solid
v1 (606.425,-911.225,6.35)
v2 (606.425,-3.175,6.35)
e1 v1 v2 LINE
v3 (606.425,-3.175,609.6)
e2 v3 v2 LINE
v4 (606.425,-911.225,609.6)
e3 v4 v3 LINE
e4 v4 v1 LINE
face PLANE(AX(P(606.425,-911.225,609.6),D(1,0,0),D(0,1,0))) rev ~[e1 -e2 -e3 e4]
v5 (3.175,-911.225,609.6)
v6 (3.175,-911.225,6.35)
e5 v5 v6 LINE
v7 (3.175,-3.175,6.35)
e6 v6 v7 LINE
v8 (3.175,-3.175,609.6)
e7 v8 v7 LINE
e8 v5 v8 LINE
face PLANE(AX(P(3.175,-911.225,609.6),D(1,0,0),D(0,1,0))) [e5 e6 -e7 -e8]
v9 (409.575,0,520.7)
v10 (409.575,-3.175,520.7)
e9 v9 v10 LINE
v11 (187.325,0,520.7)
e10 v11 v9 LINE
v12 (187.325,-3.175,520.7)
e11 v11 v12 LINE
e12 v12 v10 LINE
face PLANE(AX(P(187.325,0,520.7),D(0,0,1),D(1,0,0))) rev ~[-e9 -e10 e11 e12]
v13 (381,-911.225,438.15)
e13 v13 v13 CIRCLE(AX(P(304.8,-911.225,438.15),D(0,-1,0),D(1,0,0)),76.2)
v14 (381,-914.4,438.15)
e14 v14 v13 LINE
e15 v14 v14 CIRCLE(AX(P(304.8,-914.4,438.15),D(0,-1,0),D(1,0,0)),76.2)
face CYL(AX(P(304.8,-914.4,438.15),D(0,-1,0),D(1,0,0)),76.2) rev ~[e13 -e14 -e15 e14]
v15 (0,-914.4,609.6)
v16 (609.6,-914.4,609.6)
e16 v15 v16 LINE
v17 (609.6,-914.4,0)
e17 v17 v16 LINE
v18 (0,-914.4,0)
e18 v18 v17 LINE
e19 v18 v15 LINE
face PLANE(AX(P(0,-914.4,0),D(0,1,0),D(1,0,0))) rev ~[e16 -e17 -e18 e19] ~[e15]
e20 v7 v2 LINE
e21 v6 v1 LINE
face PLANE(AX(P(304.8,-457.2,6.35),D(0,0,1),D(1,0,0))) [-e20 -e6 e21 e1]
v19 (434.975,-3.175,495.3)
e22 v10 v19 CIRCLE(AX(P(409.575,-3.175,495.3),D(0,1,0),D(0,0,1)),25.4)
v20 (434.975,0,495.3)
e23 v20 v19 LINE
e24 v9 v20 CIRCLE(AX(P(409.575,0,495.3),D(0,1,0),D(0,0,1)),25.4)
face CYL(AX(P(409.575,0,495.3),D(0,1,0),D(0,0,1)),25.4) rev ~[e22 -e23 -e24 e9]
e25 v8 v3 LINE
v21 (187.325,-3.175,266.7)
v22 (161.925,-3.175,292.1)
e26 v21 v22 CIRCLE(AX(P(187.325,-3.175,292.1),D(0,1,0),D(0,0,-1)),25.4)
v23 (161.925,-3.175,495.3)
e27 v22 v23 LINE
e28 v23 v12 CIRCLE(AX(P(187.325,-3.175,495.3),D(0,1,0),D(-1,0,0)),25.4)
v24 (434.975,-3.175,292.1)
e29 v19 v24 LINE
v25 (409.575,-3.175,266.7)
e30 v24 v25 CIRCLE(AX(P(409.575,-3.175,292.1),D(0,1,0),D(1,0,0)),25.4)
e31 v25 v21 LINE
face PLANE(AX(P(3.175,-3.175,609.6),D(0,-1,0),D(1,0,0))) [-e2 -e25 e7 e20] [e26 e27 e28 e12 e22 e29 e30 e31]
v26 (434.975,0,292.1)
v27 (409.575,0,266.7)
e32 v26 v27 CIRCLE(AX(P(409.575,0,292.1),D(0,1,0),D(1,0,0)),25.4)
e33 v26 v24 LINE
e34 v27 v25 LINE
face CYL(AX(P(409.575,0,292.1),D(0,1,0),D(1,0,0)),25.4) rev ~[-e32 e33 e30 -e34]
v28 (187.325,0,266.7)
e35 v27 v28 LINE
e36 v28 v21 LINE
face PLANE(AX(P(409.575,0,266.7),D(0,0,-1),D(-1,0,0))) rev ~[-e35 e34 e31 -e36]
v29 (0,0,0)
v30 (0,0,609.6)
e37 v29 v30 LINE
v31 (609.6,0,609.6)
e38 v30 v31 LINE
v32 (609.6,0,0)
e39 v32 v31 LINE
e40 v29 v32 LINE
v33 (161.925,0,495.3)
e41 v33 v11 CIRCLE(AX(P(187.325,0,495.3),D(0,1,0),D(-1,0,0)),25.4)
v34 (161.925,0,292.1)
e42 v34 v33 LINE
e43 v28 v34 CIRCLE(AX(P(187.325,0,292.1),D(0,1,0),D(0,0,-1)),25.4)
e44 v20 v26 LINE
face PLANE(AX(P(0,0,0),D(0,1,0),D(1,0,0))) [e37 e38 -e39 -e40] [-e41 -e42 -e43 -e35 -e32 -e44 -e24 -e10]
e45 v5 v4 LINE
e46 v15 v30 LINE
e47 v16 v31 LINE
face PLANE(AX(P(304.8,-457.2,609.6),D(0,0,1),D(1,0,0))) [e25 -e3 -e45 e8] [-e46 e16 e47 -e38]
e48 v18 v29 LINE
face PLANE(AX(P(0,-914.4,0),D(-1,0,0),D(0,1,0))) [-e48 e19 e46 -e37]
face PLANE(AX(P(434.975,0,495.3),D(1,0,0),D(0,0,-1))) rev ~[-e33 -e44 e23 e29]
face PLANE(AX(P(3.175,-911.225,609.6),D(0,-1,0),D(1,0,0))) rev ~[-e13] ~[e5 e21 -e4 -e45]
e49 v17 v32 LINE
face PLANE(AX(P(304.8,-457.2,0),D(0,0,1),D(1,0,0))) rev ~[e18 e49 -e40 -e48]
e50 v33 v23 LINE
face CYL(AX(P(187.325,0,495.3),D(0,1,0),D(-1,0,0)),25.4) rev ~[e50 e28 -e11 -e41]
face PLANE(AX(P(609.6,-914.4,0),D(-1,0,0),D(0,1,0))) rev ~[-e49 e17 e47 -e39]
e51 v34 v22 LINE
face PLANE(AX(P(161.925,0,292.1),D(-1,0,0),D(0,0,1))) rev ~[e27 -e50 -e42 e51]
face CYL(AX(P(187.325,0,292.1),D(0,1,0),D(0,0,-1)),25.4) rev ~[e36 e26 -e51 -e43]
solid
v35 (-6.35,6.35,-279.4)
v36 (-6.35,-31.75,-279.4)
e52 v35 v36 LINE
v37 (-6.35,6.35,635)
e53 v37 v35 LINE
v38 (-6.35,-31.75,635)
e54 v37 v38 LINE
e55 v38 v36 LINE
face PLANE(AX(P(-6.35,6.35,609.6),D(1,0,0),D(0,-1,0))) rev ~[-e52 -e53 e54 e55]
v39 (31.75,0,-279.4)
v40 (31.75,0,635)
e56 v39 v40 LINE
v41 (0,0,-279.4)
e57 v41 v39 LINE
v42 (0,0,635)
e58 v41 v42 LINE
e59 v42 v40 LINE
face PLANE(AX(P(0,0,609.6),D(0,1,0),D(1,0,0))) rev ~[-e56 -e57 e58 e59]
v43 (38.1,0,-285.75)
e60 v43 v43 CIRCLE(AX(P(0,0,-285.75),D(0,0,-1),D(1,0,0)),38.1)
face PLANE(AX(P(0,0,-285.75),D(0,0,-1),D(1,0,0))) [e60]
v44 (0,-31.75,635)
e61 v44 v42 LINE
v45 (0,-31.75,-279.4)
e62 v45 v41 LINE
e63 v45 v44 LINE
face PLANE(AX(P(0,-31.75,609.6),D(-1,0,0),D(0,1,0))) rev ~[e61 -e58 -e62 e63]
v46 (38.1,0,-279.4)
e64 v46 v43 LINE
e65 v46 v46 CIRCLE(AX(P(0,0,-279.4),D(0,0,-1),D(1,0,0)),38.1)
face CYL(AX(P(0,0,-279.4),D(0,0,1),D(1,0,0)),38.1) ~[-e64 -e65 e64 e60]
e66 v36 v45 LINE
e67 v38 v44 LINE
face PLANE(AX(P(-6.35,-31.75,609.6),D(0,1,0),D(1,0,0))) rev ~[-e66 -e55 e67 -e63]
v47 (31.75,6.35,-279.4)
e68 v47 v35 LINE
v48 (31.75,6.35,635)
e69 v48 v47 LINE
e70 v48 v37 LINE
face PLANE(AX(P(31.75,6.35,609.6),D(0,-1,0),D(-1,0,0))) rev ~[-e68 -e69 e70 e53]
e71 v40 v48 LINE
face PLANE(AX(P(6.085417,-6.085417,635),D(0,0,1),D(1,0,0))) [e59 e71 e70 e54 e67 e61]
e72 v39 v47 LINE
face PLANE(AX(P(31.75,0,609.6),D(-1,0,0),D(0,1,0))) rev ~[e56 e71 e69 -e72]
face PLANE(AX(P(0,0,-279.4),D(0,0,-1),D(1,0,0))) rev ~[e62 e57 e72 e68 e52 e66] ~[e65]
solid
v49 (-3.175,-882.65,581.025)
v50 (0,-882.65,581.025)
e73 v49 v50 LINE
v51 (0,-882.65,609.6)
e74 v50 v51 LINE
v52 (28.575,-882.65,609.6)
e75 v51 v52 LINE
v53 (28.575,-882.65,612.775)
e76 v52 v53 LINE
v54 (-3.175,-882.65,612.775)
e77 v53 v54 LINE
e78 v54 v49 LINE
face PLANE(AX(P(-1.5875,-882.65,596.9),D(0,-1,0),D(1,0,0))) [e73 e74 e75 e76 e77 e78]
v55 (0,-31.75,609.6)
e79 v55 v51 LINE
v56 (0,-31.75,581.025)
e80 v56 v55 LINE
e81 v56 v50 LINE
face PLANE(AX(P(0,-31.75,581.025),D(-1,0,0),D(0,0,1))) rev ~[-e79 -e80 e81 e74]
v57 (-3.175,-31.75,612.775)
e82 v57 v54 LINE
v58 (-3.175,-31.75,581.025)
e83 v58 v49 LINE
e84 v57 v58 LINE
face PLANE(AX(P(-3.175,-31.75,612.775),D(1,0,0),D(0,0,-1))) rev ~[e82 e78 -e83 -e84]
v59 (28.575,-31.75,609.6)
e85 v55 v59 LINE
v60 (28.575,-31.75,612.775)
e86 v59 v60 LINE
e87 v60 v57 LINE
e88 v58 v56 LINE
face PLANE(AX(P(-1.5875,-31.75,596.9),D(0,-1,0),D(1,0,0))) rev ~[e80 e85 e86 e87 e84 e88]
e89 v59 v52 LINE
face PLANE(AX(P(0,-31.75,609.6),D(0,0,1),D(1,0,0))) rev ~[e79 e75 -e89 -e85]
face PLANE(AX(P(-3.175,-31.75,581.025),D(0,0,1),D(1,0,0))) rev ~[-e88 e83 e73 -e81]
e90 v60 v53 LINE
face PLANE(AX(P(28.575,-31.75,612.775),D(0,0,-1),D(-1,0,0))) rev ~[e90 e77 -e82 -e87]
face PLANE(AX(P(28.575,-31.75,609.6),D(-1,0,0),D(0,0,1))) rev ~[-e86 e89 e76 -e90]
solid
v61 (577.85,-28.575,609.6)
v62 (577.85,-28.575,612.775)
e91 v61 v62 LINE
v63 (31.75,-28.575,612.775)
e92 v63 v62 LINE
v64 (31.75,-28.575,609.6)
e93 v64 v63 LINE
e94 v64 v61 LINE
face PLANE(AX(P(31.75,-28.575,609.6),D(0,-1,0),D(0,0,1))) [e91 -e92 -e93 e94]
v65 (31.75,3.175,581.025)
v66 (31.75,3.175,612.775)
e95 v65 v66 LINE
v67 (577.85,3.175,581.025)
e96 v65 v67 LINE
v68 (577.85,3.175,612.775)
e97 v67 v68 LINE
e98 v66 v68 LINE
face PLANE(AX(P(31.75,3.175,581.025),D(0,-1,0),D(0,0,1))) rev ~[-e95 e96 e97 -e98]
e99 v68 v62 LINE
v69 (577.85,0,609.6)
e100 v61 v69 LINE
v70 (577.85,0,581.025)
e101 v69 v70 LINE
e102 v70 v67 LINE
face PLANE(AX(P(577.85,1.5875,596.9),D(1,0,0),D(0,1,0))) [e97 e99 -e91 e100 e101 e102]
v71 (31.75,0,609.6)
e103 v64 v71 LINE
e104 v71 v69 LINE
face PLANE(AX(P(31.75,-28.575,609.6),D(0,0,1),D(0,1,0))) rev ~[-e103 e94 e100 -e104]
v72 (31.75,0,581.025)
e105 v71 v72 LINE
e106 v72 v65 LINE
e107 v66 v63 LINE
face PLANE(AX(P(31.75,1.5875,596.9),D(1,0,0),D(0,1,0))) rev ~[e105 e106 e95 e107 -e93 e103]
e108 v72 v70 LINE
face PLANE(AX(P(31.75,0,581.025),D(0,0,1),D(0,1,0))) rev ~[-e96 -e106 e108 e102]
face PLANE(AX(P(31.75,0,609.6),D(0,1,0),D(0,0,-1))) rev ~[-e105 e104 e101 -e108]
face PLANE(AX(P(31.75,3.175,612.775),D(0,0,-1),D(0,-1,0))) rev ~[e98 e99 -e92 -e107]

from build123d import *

# Parameters (mm, degrees)
F0_W      = 609.6
F0_H      = 914.4
F1_DEPTH  = 609.6
F2_W      = 603.25
F2_H      = 908.05
F3_DEPTH  = 603.25
F4_R      = 76.2
F5_DEPTH  = 3.175
F7_DEPTH  = 889
F8_DEPTH  = 25.4
F9_R      = 38.1
F10_DEPTH = 6.35
F12_DEPTH = 3.175
F13_W     = 28.575
F13_H     = 3.175
F14_DEPTH = 546.1
F15_W     = 28.575
F15_H     = 3.175
F16_DEPTH = 850.9


with BuildPart() as f1:
    # F0 (on Top) → F1 (new body)
    with BuildSketch(Plane.XY):
        with Locations((304.8, -457.2)):
            Rectangle(F0_W, F0_H)
    extrude(amount=F1_DEPTH)

    # F2 (on face) → F3 (cut)
    with BuildSketch(Plane.XY.offset(609.6)):
        with Locations((304.8, -457.2)):
            Rectangle(F2_W, F2_H)
    extrude(amount=-F3_DEPTH, mode=Mode.SUBTRACT)

    # F4 (on face) → F5 (cut)
    with BuildSketch(Plane.XZ.offset(914.4)):
        with Locations((304.8, 438.15)):
            Circle(F4_R)
    extrude(amount=-F5_DEPTH, mode=Mode.SUBTRACT)

    # F11 (on face) → F12 (cut)
    with BuildSketch(Plane(origin=(0, 0, 0), x_dir=(-1, 0, 0), z_dir=(0, 1, 0))):
        with BuildLine():
            Line((-187.325, 520.7), (-409.575, 520.7))
            ThreePointArc((-409.575, 520.7), (-427.5355122421, 513.2605122421), (-434.975, 495.3))
            Line((-434.975, 495.3), (-434.975, 292.1))
            ThreePointArc((-434.975, 292.1), (-427.5355122421, 274.1394877579), (-409.575, 266.7))
            Line((-409.575, 266.7), (-187.325, 266.7))
            ThreePointArc((-187.325, 266.7), (-169.3644877579, 274.1394877579), (-161.925, 292.1))
            Line((-161.925, 292.1), (-161.925, 495.3))
            ThreePointArc((-161.925, 495.3), (-169.3644877579, 513.2605122421), (-187.325, 520.7))
        make_face()
    extrude(amount=-F12_DEPTH, mode=Mode.SUBTRACT)


with BuildPart() as f7:
    # F6 (on face) → F7 (new body)
    with BuildSketch(Plane.XY.offset(609.6)):
        Polygon((-6.35, -31.75), (0, -31.75), (0, 0), (31.75, 0), (31.75, 6.35), (-6.35, 6.35), align=None)
    extrude(amount=-F7_DEPTH)

    # F8 (add): a face of the model
    f8_faces = [f7.faces().sort_by_distance(p)[0] for p in [
        (-5.8111846327, -12.7, 609.6),
    ]]
    extrude(f8_faces, amount=F8_DEPTH)

    # F9 (on face) → F10 (join)
    with BuildSketch(Plane(origin=(0, 0, -279.4), x_dir=(1, 0, 0), z_dir=(0, 0, -1))):
        Circle(F9_R)
    extrude(amount=F10_DEPTH)


with BuildPart() as f14:
    # F13 (on face) → F14 (new body)
    with BuildSketch(Plane.YZ.offset(31.75)):
        Polygon((0, 609.6), (0, 581.025), (3.175, 581.025), (3.175, 612.775), (0, 612.775), align=None)
        with Locations((-14.2875, 611.1875)):
            Rectangle(F13_W, F13_H)
    extrude(amount=F14_DEPTH)


with BuildPart() as f16:
    # F15 (on face) → F16 (new body)
    with BuildSketch(Plane.XZ.offset(31.75)):
        Polygon((0, 581.025), (0, 609.6), (0, 612.775), (-3.175, 612.775), (-3.175, 581.025), align=None)
        with Locations((14.2875, 611.1875)):
            Rectangle(F15_W, F15_H)
    extrude(amount=F16_DEPTH)


solid = Compound([f1.part, f7.part, f14.part, f16.part])
